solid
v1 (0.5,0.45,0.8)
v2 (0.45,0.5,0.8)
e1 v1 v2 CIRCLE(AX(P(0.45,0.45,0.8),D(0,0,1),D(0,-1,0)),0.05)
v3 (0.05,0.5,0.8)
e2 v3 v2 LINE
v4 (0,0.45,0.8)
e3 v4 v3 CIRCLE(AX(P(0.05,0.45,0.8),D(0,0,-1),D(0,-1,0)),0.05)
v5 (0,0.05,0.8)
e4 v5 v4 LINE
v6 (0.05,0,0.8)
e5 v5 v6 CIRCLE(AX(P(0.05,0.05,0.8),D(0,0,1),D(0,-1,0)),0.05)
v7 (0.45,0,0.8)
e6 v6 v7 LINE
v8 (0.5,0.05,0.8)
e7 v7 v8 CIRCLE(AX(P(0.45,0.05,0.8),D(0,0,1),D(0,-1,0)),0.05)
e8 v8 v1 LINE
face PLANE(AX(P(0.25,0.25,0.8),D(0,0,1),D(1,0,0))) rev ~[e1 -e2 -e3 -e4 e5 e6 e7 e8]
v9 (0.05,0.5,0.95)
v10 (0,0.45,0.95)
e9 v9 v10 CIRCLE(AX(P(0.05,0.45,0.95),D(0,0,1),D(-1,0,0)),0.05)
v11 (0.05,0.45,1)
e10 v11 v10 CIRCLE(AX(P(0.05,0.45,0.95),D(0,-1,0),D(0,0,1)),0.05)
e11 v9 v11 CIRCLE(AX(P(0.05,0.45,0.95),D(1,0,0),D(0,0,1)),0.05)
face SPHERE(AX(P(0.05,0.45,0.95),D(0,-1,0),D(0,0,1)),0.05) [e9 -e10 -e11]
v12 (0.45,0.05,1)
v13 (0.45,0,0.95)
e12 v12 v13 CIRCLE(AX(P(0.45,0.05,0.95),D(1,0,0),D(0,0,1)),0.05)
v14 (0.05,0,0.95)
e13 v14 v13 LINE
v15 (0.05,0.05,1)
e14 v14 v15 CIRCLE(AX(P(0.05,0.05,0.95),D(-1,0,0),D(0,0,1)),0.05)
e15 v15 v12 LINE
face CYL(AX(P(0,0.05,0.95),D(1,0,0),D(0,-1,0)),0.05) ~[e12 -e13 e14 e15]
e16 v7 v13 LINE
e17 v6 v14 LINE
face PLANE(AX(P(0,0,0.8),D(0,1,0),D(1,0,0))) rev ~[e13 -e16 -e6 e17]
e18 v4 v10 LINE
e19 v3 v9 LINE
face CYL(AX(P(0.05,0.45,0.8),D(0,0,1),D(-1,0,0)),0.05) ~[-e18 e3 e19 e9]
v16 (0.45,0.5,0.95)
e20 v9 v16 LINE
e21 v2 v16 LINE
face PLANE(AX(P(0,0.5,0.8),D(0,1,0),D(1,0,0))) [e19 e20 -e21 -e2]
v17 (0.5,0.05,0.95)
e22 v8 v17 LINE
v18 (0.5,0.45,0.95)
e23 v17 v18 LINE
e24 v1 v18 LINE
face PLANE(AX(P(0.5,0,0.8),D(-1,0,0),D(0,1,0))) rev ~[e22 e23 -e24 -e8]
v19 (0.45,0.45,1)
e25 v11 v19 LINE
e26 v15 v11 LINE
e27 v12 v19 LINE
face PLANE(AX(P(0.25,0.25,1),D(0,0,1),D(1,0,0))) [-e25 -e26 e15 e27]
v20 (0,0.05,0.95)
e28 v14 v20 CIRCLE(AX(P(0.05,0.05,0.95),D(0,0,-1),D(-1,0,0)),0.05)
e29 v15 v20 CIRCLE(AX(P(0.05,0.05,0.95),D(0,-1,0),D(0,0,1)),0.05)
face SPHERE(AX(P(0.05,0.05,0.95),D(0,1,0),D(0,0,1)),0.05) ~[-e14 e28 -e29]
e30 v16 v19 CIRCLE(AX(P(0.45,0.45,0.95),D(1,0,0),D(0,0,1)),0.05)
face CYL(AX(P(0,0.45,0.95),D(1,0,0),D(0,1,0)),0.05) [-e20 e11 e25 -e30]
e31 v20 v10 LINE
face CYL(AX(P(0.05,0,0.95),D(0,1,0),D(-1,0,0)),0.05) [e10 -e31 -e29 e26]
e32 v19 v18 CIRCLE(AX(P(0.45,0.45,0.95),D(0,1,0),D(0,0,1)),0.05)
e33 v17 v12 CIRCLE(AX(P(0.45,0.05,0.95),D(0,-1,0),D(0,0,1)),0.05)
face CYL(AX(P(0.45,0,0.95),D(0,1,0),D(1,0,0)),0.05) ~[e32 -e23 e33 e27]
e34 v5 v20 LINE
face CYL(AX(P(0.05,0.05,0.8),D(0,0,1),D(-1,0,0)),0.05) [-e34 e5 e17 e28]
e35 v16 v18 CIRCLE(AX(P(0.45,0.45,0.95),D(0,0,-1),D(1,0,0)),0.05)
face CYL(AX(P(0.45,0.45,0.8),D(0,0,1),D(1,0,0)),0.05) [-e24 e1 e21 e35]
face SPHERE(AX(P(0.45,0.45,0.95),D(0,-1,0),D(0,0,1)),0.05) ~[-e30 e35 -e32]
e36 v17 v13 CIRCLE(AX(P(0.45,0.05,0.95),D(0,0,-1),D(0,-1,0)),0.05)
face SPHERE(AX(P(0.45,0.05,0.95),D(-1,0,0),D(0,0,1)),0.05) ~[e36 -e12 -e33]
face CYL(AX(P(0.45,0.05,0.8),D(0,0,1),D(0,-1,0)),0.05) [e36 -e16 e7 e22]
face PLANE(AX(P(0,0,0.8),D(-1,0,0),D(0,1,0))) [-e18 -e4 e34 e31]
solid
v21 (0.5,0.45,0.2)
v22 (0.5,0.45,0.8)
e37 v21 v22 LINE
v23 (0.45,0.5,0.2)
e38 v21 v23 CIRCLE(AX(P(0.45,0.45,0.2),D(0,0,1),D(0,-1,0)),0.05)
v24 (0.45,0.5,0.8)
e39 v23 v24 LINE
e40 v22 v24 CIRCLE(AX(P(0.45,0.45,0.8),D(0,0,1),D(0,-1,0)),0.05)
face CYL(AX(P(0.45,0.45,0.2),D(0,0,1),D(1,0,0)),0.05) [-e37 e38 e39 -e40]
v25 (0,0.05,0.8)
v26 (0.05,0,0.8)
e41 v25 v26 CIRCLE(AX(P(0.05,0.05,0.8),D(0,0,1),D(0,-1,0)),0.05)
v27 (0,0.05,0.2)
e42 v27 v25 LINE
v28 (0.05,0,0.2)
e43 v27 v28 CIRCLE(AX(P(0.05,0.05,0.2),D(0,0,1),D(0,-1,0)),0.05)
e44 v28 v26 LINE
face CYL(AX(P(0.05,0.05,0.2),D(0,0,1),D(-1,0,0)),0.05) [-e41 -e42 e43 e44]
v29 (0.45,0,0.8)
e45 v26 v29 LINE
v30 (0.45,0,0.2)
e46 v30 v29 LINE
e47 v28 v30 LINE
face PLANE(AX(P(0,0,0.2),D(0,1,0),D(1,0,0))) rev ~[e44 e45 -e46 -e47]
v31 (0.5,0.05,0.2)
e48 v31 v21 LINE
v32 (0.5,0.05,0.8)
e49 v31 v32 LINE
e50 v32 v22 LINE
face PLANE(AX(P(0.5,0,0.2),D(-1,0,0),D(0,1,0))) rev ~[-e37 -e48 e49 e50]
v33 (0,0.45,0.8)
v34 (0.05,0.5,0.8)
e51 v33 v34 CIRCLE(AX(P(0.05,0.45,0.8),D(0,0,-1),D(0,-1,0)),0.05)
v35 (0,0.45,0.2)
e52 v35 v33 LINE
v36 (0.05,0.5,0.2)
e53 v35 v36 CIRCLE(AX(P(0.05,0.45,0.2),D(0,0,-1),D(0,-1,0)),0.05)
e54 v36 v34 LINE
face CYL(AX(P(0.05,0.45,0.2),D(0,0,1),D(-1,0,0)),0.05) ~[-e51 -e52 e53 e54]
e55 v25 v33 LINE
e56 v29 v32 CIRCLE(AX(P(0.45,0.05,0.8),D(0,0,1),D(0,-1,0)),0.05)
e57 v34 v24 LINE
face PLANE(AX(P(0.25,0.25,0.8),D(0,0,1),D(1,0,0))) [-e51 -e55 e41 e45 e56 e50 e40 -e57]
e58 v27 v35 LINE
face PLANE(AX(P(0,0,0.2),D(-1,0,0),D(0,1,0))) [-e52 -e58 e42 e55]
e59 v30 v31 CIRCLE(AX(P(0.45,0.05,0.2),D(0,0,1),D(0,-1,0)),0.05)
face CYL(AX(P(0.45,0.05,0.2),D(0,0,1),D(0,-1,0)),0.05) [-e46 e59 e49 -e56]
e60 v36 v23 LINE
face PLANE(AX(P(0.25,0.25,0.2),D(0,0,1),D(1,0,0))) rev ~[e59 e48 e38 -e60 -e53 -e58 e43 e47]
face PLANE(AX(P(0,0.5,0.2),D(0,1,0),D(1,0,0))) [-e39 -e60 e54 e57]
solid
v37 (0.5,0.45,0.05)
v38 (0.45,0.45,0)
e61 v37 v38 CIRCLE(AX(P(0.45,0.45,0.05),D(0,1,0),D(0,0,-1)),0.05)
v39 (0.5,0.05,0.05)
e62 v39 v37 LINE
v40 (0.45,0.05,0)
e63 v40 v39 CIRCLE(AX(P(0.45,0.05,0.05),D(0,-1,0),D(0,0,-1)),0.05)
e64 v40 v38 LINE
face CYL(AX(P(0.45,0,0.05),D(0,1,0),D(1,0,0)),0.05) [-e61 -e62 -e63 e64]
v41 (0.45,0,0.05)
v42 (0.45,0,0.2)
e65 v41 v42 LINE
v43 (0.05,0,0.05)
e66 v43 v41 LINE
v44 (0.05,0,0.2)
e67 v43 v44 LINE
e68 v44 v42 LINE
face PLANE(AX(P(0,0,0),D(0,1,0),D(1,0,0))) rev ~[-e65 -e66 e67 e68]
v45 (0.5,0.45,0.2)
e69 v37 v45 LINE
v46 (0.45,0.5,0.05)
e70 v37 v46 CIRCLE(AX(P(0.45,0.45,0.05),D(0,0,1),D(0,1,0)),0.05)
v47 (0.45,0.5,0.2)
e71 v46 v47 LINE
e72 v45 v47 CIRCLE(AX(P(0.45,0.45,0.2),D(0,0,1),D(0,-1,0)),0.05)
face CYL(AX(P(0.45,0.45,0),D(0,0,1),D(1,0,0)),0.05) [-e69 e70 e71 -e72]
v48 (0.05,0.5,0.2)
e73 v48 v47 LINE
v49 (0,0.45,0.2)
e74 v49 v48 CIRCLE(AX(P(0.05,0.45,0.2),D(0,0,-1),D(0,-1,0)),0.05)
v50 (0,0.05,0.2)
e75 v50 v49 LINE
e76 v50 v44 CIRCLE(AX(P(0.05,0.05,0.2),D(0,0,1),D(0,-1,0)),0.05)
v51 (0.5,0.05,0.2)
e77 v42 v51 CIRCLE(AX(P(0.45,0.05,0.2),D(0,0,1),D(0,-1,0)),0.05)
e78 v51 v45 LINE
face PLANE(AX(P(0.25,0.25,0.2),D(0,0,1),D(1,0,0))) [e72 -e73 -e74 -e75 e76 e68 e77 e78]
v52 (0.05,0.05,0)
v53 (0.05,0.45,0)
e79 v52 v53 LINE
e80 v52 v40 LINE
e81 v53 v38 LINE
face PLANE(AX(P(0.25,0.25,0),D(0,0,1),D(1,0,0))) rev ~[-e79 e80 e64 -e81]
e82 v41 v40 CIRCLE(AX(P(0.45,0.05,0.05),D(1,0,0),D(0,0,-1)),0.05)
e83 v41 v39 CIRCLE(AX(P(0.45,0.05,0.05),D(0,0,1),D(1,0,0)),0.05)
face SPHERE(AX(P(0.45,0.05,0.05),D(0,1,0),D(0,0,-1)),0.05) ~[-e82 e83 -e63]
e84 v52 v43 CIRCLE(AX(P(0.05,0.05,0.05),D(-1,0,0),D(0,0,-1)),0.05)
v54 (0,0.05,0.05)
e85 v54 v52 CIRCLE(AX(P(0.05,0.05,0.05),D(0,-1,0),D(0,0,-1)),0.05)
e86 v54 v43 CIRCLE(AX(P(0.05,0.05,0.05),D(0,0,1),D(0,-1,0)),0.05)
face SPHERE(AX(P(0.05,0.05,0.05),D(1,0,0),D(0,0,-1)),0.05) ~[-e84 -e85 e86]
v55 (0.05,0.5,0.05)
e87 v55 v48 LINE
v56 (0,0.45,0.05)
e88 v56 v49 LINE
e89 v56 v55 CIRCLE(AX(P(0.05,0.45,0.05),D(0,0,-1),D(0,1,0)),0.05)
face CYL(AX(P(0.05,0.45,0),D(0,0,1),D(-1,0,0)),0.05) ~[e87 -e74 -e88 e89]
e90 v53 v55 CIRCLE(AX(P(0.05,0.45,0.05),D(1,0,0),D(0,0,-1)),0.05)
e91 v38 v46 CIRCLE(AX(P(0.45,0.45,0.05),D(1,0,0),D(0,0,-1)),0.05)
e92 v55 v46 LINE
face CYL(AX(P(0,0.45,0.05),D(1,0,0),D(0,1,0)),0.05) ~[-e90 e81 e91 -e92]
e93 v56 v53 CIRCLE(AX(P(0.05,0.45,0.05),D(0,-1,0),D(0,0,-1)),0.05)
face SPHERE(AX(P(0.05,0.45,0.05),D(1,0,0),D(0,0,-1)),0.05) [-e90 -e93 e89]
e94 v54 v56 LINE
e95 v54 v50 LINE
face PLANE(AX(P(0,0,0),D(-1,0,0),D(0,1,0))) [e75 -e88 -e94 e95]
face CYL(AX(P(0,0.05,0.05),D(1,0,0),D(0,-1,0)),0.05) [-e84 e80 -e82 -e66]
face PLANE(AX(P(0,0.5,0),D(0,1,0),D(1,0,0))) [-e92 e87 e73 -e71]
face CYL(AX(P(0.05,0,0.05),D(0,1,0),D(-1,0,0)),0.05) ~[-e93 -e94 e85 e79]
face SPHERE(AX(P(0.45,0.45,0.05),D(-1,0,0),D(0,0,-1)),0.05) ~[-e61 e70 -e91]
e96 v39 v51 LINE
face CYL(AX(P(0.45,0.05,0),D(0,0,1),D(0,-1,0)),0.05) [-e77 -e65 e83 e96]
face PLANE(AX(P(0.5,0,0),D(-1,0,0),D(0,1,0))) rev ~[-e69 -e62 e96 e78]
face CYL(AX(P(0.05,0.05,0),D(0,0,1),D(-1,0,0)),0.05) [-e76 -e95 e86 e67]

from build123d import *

# Parameters (mm, degrees)
SKETCH2_W           = 0.5
SKETCH2_H           = 0.5
BOSS_EXTRUDE1_DEPTH = 0.2
SKETCH3_W           = 0.5
SKETCH3_H           = 0.5
BOSS_EXTRUDE2_DEPTH = 0.6
SKETCH5_W           = 0.5
SKETCH5_H           = 0.5
BOSS_EXTRUDE4_DEPTH = 0.2
FILLET2_R           = 0.05
FILLET3_R           = 0.05
FILLET4_R           = 0.05


with BuildPart() as part:
    # Sketch2 → Boss-Extrude1 (new body)
    with BuildSketch(Plane.XY):
        with Locations((0.25, 0.25)):
            Rectangle(SKETCH2_W, SKETCH2_H)
    extrude(amount=BOSS_EXTRUDE1_DEPTH)

    # Fillet4
    fillet4_edges = [part.edges().sort_by_distance(p)[0] for p in [
        (0.25, 0.5, 0),
        (0.5, 0.25, 0),
        (0.25, 0, 0),
        (0, 0.25, 0),
        (0, 0.5, 0.1),
        (0.5, 0.5, 0.1),
        (0.5, 0, 0.1),
        (0, 0, 0.1),
    ]]
    fillet(fillet4_edges, radius=FILLET4_R)


with BuildPart() as body_2:
    # Sketch3 → Boss-Extrude2 (new body)
    with BuildSketch(Plane.XY.offset(0.2)):
        with Locations((0.25, 0.25)):
            Rectangle(SKETCH3_W, SKETCH3_H)
    extrude(amount=BOSS_EXTRUDE2_DEPTH)

    # Fillet3
    fillet3_edges = [body_2.edges().sort_by_distance(p)[0] for p in [
        (0.5, 0.5, 0.5),
        (0.5, 0, 0.5),
        (0, 0, 0.5),
        (0, 0.5, 0.5),
    ]]
    fillet(fillet3_edges, radius=FILLET3_R)


with BuildPart() as body_3:
    # Sketch5 → Boss-Extrude4 (new body)
    with BuildSketch(Plane.XY.offset(0.8)):
        with Locations((0.25, 0.25)):
            Rectangle(SKETCH5_W, SKETCH5_H)
    extrude(amount=BOSS_EXTRUDE4_DEPTH)

    # Fillet2
    fillet2_edges = [body_3.edges().sort_by_distance(p)[0] for p in [
        (0, 0.25, 1),
        (0.25, 0, 1),
        (0.5, 0.25, 1),
        (0.25, 0.5, 1),
        (0.5, 0, 0.9),
        (0, 0, 0.9),
        (0, 0.5, 0.9),
        (0.5, 0.5, 0.9),
    ]]
    fillet(fillet2_edges, radius=FILLET2_R)


solid = Compound([part.part, body_2.part, body_3.part])
